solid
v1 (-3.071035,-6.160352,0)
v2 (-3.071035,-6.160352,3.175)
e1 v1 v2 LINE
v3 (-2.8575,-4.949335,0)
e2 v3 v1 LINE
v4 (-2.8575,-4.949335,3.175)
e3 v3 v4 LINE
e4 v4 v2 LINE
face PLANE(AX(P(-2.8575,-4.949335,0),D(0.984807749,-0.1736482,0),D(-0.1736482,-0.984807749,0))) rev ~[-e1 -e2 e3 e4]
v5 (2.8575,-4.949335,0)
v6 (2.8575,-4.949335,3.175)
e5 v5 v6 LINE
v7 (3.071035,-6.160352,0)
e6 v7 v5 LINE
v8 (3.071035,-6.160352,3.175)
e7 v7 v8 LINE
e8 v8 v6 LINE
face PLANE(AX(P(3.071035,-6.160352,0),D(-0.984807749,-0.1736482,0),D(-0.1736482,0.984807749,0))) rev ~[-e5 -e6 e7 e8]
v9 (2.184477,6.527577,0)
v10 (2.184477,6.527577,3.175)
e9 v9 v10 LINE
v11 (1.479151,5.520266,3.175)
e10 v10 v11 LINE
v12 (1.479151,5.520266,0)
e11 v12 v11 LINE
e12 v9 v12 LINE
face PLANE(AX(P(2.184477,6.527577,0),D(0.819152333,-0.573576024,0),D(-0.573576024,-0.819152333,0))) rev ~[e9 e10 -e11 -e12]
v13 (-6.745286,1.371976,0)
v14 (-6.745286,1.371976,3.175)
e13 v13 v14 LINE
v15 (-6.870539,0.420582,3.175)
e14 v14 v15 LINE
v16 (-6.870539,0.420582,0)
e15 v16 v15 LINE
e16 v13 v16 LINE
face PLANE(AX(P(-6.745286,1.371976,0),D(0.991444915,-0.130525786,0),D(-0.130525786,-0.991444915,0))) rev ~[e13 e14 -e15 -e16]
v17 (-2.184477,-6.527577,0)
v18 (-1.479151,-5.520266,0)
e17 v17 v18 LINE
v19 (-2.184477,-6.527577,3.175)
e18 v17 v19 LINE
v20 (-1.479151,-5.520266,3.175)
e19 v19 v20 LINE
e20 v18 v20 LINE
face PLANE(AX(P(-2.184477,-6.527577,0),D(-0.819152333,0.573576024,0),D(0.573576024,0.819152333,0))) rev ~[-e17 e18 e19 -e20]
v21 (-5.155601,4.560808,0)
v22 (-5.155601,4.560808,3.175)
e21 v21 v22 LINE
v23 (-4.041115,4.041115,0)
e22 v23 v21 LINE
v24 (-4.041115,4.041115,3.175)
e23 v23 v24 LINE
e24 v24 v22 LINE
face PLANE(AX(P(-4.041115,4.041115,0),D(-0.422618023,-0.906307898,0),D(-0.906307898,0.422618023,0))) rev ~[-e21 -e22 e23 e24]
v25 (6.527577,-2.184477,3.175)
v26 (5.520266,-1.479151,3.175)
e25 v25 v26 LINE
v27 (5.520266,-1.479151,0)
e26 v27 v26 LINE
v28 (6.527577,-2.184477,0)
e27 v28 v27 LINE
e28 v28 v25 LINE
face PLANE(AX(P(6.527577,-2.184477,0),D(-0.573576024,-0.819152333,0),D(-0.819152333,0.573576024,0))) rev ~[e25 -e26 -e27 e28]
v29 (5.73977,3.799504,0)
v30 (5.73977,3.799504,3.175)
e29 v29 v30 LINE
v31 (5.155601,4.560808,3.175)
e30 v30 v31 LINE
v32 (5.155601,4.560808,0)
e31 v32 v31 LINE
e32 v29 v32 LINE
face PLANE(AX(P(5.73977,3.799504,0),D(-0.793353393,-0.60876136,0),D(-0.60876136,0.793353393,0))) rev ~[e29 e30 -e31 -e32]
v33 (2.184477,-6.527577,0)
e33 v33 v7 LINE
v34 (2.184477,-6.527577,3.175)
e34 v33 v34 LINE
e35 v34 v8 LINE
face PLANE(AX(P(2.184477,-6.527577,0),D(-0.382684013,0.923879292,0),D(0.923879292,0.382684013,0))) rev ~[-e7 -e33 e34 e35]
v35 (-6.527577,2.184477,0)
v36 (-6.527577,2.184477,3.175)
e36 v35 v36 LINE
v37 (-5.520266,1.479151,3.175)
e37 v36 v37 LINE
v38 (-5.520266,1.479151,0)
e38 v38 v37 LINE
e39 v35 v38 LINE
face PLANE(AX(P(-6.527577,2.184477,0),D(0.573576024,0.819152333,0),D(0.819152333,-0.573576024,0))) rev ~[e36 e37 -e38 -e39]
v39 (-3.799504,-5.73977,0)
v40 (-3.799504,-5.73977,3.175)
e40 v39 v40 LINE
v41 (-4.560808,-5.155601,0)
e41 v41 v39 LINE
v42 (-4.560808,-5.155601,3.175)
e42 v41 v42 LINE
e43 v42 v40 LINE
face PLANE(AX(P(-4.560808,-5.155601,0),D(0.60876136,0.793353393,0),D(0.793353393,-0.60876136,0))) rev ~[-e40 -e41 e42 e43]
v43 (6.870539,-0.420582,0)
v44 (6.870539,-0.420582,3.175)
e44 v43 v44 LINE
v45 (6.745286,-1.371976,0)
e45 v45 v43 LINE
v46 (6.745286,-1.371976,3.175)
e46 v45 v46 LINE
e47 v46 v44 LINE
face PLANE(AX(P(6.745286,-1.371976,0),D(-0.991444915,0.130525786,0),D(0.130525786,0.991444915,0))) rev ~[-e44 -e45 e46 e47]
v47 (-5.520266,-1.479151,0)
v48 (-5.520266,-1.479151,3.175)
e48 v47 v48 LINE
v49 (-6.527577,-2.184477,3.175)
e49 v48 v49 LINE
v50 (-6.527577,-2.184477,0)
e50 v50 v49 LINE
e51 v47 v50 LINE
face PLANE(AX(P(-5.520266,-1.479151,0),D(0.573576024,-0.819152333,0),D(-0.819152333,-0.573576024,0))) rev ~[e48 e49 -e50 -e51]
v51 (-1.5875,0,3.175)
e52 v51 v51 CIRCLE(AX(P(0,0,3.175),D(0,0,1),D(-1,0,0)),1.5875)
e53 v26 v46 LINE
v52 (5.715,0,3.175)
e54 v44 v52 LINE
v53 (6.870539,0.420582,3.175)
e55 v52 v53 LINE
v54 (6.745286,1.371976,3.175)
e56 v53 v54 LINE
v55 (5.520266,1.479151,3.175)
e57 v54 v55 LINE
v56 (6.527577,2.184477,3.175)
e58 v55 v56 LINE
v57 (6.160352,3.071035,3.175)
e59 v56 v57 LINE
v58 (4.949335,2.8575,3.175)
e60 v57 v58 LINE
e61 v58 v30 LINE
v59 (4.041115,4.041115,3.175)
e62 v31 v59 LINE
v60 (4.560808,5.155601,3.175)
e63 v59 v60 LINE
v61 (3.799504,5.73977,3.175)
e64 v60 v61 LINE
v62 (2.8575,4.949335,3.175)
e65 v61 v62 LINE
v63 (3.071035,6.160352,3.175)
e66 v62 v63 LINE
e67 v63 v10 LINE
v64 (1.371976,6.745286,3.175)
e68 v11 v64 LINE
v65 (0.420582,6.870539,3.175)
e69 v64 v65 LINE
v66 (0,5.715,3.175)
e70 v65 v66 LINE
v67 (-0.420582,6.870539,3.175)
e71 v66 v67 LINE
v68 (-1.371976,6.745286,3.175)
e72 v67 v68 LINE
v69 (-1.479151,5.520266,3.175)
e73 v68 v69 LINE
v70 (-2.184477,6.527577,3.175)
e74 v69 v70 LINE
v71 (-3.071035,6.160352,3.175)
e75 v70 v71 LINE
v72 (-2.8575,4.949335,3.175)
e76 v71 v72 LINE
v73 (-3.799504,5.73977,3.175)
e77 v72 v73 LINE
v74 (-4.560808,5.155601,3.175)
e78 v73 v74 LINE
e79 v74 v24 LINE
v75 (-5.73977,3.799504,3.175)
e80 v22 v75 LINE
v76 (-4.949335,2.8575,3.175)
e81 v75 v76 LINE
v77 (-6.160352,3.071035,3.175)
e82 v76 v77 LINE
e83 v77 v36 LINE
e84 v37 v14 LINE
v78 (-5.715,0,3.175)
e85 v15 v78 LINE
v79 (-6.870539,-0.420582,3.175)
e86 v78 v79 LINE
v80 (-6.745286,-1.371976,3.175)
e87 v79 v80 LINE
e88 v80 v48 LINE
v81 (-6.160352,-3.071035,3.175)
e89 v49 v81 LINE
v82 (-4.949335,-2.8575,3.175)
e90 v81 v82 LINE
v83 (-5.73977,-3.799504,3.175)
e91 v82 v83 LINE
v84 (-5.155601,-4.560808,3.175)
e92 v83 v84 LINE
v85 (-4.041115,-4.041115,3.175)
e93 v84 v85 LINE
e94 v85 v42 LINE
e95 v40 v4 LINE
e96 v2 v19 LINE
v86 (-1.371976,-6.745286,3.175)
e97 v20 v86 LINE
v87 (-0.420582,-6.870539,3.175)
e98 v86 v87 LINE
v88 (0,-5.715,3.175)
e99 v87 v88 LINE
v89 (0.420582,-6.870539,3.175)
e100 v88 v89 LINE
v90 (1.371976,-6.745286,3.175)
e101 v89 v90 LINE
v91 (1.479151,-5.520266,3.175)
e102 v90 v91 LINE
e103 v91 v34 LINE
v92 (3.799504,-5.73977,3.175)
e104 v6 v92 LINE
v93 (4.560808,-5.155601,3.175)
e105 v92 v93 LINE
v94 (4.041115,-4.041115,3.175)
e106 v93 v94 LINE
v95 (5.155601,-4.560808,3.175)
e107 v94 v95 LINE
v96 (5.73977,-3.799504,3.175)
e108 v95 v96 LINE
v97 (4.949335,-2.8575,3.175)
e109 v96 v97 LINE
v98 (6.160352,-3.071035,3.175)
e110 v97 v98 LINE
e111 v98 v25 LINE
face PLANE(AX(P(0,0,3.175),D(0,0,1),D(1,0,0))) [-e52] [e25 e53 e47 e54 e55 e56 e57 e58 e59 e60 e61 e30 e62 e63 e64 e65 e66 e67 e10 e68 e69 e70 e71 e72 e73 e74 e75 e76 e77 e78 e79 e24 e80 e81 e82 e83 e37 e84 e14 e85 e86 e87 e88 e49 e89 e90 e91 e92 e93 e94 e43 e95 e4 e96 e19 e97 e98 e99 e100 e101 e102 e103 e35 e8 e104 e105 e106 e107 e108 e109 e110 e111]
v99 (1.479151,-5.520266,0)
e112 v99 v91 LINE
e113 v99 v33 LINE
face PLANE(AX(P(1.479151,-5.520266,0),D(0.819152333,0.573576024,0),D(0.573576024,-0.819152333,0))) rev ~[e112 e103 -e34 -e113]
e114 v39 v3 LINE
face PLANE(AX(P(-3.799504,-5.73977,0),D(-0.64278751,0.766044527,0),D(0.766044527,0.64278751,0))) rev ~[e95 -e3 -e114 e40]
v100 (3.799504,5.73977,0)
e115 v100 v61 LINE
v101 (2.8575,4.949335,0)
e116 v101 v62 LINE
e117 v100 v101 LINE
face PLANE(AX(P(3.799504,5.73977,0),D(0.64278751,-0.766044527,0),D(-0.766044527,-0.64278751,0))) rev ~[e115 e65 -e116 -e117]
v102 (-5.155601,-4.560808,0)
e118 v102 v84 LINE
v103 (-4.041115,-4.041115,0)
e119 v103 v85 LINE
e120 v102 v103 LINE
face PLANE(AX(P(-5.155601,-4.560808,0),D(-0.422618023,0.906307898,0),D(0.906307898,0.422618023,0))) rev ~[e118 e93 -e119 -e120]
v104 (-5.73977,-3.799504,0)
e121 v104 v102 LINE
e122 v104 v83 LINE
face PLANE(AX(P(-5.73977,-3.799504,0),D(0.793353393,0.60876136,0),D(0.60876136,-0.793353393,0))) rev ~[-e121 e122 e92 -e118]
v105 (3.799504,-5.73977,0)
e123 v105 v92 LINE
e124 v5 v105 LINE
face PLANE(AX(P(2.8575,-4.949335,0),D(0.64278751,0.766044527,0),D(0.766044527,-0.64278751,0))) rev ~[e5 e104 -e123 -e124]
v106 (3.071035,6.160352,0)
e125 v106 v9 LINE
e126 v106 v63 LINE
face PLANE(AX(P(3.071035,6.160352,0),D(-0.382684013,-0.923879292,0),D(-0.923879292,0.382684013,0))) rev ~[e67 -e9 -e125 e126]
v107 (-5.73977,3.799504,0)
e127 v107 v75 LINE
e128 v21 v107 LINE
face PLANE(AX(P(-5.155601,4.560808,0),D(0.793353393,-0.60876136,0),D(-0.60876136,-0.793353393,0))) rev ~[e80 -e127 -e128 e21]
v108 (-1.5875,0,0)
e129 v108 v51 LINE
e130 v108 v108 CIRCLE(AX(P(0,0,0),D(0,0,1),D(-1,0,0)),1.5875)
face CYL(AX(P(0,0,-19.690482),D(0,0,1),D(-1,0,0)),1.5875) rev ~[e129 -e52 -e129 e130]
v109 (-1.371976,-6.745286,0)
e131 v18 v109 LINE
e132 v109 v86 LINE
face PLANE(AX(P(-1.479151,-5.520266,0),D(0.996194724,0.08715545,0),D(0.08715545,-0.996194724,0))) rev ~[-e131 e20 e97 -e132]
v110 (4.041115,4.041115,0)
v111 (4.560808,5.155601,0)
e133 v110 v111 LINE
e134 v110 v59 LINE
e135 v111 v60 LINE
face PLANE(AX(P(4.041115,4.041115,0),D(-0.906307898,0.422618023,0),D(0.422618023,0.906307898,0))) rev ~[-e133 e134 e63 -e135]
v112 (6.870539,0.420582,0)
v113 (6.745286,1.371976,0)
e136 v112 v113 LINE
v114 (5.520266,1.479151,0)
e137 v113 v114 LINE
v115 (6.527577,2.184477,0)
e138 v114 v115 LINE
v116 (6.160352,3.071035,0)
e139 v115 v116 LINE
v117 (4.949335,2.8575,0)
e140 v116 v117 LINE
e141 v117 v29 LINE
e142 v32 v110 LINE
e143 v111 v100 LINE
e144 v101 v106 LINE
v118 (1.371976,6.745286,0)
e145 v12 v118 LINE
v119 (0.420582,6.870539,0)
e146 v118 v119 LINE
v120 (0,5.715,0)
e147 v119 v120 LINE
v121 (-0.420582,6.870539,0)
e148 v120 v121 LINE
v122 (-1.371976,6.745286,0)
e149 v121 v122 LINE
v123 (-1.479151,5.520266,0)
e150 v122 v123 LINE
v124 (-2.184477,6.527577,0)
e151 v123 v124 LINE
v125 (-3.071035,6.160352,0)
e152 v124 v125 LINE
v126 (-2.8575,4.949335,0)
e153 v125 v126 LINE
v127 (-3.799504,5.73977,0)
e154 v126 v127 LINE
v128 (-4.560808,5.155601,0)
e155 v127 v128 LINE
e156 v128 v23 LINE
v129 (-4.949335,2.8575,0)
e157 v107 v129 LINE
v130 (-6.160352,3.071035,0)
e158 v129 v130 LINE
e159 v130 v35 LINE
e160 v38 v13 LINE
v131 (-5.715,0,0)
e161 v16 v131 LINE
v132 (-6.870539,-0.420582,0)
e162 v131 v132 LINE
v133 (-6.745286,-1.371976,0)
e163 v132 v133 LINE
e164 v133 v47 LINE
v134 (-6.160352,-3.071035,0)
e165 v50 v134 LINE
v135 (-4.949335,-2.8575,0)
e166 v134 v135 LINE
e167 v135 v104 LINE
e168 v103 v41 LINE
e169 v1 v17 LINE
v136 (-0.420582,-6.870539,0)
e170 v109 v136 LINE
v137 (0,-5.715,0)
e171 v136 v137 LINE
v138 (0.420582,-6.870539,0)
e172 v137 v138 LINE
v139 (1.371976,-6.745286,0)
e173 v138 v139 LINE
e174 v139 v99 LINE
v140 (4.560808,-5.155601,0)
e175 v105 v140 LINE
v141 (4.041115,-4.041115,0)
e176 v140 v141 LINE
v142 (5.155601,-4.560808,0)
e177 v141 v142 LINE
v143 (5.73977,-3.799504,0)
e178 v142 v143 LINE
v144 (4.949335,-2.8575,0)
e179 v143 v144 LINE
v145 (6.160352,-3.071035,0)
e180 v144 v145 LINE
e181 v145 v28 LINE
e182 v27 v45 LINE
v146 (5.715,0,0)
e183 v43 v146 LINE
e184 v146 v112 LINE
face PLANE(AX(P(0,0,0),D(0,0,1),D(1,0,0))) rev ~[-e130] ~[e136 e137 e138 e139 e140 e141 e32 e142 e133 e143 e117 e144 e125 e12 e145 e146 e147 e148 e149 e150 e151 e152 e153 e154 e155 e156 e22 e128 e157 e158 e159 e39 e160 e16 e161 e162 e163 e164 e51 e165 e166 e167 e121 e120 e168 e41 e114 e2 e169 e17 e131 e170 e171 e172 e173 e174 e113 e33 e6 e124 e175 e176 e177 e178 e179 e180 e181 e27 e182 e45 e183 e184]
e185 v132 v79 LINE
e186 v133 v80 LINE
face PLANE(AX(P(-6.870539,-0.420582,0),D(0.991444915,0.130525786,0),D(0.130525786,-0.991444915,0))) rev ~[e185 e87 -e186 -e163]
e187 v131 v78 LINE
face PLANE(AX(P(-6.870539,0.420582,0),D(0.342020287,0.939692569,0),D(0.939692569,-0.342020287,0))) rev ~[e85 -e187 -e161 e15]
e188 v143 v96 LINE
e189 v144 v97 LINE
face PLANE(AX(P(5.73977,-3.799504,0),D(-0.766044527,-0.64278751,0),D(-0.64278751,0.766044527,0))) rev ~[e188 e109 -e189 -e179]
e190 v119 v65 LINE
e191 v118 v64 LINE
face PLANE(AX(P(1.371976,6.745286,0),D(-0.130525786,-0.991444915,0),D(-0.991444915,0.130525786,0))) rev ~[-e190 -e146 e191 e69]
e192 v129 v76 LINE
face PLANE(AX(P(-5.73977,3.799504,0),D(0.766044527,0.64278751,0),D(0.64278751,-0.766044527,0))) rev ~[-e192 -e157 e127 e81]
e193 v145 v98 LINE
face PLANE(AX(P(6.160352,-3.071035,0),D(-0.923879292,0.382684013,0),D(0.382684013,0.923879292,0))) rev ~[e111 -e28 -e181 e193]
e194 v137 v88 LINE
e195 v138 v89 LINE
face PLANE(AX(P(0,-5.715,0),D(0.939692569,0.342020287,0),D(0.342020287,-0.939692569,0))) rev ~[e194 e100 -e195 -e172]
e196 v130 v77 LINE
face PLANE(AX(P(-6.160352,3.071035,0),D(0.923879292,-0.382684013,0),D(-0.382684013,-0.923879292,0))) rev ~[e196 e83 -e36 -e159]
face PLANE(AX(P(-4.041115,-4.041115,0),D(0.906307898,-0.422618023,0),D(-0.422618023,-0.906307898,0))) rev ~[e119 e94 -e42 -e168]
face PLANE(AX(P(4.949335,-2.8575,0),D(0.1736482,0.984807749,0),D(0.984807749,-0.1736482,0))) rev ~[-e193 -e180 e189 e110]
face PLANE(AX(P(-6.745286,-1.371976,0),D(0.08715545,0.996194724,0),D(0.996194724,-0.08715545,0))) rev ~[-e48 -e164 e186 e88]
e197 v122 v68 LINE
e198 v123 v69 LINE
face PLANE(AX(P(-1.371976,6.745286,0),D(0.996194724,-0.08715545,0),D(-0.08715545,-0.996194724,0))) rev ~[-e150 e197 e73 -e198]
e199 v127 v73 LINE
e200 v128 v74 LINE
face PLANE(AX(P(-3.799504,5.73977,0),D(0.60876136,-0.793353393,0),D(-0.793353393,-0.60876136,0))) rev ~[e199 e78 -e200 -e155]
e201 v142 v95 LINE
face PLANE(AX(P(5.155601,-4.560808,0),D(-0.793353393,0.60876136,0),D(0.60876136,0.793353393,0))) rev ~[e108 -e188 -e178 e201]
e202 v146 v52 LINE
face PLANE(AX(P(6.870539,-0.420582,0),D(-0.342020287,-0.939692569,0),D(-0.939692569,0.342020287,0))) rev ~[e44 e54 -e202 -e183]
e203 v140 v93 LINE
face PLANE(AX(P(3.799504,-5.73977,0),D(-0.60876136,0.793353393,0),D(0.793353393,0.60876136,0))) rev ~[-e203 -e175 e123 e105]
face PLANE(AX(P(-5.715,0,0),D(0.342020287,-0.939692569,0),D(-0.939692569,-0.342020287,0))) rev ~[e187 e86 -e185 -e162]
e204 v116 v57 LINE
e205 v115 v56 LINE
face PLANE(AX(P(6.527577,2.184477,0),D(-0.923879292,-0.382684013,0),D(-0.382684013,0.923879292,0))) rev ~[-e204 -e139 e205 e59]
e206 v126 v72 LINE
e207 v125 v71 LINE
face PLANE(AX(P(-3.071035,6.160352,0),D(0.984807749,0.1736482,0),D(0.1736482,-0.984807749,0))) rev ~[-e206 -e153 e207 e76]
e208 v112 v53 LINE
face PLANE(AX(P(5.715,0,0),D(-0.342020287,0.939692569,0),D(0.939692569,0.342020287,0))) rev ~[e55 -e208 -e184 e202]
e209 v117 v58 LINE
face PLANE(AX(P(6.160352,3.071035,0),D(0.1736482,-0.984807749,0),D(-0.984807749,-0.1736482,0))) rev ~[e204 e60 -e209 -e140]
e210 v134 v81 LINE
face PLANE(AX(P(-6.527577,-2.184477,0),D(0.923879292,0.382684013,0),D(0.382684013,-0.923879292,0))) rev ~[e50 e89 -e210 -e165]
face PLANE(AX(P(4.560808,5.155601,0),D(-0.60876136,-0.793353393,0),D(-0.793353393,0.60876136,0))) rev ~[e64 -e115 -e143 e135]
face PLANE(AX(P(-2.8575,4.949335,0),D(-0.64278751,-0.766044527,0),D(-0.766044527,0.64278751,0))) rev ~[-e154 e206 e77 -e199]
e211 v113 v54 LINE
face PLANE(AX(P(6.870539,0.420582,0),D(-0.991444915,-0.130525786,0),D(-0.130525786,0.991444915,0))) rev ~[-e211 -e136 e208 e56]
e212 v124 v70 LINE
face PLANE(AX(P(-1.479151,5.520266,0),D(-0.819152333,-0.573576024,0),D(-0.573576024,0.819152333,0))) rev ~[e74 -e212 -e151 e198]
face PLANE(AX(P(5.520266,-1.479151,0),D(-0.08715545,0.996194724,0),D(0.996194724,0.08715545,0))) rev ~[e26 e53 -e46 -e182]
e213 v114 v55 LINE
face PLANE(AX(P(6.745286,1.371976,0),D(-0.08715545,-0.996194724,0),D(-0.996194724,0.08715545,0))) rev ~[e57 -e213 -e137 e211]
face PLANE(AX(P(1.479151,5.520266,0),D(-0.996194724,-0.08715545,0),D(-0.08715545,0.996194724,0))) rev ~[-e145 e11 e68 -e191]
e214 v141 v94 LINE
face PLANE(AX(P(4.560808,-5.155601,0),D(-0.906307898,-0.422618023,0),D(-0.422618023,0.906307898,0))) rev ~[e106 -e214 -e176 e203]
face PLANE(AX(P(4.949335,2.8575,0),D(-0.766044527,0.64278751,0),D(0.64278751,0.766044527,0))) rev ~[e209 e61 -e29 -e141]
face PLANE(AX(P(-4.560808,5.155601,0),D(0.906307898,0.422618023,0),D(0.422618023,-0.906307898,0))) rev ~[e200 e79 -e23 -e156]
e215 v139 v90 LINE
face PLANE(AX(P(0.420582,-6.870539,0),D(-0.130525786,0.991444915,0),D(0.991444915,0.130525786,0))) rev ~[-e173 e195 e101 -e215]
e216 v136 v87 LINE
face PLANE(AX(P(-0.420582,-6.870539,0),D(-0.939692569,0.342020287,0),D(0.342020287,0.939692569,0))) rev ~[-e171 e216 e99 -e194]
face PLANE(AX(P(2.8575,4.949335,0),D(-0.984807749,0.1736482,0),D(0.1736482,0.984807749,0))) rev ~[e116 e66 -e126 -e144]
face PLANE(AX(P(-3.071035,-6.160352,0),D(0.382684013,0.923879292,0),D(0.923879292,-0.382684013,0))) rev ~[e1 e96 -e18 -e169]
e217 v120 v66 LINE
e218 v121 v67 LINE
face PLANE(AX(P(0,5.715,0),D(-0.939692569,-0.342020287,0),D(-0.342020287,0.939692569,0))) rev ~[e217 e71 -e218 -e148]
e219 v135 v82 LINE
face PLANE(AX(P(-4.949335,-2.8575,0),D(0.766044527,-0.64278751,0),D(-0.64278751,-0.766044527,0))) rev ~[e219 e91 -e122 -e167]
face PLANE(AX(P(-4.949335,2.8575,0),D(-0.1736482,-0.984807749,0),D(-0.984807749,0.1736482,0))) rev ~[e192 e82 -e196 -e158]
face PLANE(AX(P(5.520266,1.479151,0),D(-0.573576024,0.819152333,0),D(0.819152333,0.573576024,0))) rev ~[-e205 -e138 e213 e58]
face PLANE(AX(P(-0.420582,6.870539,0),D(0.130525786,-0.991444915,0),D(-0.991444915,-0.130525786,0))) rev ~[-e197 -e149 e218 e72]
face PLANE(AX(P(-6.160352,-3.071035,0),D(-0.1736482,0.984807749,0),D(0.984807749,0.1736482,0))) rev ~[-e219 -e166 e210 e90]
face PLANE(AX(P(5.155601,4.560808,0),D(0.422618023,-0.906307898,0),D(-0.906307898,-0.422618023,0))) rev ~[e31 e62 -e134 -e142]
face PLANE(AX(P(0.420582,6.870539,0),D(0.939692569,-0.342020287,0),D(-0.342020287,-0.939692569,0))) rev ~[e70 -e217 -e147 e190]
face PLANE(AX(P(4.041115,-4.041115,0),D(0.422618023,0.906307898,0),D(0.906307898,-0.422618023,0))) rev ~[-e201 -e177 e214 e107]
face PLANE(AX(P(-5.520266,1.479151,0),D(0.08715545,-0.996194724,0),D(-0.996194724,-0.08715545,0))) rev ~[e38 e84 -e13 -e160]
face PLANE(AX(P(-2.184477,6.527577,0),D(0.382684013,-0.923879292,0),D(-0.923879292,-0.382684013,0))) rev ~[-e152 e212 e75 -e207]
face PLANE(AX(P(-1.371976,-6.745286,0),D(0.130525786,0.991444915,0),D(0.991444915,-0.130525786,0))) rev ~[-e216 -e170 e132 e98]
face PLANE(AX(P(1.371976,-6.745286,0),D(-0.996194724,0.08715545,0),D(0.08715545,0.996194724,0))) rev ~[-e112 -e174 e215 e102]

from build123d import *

# Parameters (mm, degrees)
F2_DEPTH = 3.175
F3_D     = 3.175


with BuildPart() as f2:
    # F1 (on Top) → F2 (new body)
    with BuildSketch(Plane.XY):
        Polygon((0.420582, 6.870539), (0, 5.715), (-0.420582, 6.870539), (-1.371976, 6.745286), (-1.479151, 5.520266), (-2.184477, 6.527577), (-3.071035, 6.160352), (-2.8575, 4.949335), (-3.799504, 5.73977), (-4.560808, 5.155601), (-4.041115, 4.041115), (-5.155601, 4.560808), (-5.73977, 3.799504), (-4.949335, 2.8575), (-6.160352, 3.071035), (-6.527577, 2.184477), (-5.520266, 1.479151), (-6.745286, 1.371976), (-6.870539, 0.420582), (-5.715, 0), (-6.870539, -0.420582), (-6.745286, -1.371976), (-5.520266, -1.479151), (-6.527577, -2.184477), (-6.160352, -3.071035), (-4.949335, -2.8575), (-5.73977, -3.799504), (-5.155601, -4.560808), (-4.041115, -4.041115), (-4.560808, -5.155601), (-3.799504, -5.73977), (-2.8575, -4.949335), (-3.071035, -6.160352), (-2.184477, -6.527577), (-1.479151, -5.520266), (-1.371976, -6.745286), (-0.420582, -6.870539), (0, -5.715), (0.420582, -6.870539), (1.371976, -6.745286), (1.479151, -5.520266), (2.184477, -6.527577), (3.071035, -6.160352), (2.8575, -4.949335), (3.799504, -5.73977), (4.560808, -5.155601), (4.041115, -4.041115), (5.155601, -4.560808), (5.73977, -3.799504), (4.949335, -2.8575), (6.160352, -3.071035), (6.527577, -2.184477), (5.520266, -1.479151), (6.745286, -1.371976), (6.870539, -0.420582), (5.715, 0), (6.870539, 0.420582), (6.745286, 1.371976), (5.520266, 1.479151), (6.527577, 2.184477), (6.160352, 3.071035), (4.949335, 2.8575), (5.73977, 3.799504), (5.155601, 4.560808), (4.041115, 4.041115), (4.560808, 5.155601), (3.799504, 5.73977), (2.8575, 4.949335), (3.071035, 6.160352), (2.184477, 6.527577), (1.479151, 5.520266), (1.371976, 6.745286), align=None)
    extrude(amount=F2_DEPTH)

    # F3 (through all)
    with Locations(Plane(origin=(0, 0, 0), x_dir=(1, 0, 0), z_dir=(0, 0, -1))):
        with Locations((0, 0)):
            Hole(F3_D / 2)


solid = f2.part
